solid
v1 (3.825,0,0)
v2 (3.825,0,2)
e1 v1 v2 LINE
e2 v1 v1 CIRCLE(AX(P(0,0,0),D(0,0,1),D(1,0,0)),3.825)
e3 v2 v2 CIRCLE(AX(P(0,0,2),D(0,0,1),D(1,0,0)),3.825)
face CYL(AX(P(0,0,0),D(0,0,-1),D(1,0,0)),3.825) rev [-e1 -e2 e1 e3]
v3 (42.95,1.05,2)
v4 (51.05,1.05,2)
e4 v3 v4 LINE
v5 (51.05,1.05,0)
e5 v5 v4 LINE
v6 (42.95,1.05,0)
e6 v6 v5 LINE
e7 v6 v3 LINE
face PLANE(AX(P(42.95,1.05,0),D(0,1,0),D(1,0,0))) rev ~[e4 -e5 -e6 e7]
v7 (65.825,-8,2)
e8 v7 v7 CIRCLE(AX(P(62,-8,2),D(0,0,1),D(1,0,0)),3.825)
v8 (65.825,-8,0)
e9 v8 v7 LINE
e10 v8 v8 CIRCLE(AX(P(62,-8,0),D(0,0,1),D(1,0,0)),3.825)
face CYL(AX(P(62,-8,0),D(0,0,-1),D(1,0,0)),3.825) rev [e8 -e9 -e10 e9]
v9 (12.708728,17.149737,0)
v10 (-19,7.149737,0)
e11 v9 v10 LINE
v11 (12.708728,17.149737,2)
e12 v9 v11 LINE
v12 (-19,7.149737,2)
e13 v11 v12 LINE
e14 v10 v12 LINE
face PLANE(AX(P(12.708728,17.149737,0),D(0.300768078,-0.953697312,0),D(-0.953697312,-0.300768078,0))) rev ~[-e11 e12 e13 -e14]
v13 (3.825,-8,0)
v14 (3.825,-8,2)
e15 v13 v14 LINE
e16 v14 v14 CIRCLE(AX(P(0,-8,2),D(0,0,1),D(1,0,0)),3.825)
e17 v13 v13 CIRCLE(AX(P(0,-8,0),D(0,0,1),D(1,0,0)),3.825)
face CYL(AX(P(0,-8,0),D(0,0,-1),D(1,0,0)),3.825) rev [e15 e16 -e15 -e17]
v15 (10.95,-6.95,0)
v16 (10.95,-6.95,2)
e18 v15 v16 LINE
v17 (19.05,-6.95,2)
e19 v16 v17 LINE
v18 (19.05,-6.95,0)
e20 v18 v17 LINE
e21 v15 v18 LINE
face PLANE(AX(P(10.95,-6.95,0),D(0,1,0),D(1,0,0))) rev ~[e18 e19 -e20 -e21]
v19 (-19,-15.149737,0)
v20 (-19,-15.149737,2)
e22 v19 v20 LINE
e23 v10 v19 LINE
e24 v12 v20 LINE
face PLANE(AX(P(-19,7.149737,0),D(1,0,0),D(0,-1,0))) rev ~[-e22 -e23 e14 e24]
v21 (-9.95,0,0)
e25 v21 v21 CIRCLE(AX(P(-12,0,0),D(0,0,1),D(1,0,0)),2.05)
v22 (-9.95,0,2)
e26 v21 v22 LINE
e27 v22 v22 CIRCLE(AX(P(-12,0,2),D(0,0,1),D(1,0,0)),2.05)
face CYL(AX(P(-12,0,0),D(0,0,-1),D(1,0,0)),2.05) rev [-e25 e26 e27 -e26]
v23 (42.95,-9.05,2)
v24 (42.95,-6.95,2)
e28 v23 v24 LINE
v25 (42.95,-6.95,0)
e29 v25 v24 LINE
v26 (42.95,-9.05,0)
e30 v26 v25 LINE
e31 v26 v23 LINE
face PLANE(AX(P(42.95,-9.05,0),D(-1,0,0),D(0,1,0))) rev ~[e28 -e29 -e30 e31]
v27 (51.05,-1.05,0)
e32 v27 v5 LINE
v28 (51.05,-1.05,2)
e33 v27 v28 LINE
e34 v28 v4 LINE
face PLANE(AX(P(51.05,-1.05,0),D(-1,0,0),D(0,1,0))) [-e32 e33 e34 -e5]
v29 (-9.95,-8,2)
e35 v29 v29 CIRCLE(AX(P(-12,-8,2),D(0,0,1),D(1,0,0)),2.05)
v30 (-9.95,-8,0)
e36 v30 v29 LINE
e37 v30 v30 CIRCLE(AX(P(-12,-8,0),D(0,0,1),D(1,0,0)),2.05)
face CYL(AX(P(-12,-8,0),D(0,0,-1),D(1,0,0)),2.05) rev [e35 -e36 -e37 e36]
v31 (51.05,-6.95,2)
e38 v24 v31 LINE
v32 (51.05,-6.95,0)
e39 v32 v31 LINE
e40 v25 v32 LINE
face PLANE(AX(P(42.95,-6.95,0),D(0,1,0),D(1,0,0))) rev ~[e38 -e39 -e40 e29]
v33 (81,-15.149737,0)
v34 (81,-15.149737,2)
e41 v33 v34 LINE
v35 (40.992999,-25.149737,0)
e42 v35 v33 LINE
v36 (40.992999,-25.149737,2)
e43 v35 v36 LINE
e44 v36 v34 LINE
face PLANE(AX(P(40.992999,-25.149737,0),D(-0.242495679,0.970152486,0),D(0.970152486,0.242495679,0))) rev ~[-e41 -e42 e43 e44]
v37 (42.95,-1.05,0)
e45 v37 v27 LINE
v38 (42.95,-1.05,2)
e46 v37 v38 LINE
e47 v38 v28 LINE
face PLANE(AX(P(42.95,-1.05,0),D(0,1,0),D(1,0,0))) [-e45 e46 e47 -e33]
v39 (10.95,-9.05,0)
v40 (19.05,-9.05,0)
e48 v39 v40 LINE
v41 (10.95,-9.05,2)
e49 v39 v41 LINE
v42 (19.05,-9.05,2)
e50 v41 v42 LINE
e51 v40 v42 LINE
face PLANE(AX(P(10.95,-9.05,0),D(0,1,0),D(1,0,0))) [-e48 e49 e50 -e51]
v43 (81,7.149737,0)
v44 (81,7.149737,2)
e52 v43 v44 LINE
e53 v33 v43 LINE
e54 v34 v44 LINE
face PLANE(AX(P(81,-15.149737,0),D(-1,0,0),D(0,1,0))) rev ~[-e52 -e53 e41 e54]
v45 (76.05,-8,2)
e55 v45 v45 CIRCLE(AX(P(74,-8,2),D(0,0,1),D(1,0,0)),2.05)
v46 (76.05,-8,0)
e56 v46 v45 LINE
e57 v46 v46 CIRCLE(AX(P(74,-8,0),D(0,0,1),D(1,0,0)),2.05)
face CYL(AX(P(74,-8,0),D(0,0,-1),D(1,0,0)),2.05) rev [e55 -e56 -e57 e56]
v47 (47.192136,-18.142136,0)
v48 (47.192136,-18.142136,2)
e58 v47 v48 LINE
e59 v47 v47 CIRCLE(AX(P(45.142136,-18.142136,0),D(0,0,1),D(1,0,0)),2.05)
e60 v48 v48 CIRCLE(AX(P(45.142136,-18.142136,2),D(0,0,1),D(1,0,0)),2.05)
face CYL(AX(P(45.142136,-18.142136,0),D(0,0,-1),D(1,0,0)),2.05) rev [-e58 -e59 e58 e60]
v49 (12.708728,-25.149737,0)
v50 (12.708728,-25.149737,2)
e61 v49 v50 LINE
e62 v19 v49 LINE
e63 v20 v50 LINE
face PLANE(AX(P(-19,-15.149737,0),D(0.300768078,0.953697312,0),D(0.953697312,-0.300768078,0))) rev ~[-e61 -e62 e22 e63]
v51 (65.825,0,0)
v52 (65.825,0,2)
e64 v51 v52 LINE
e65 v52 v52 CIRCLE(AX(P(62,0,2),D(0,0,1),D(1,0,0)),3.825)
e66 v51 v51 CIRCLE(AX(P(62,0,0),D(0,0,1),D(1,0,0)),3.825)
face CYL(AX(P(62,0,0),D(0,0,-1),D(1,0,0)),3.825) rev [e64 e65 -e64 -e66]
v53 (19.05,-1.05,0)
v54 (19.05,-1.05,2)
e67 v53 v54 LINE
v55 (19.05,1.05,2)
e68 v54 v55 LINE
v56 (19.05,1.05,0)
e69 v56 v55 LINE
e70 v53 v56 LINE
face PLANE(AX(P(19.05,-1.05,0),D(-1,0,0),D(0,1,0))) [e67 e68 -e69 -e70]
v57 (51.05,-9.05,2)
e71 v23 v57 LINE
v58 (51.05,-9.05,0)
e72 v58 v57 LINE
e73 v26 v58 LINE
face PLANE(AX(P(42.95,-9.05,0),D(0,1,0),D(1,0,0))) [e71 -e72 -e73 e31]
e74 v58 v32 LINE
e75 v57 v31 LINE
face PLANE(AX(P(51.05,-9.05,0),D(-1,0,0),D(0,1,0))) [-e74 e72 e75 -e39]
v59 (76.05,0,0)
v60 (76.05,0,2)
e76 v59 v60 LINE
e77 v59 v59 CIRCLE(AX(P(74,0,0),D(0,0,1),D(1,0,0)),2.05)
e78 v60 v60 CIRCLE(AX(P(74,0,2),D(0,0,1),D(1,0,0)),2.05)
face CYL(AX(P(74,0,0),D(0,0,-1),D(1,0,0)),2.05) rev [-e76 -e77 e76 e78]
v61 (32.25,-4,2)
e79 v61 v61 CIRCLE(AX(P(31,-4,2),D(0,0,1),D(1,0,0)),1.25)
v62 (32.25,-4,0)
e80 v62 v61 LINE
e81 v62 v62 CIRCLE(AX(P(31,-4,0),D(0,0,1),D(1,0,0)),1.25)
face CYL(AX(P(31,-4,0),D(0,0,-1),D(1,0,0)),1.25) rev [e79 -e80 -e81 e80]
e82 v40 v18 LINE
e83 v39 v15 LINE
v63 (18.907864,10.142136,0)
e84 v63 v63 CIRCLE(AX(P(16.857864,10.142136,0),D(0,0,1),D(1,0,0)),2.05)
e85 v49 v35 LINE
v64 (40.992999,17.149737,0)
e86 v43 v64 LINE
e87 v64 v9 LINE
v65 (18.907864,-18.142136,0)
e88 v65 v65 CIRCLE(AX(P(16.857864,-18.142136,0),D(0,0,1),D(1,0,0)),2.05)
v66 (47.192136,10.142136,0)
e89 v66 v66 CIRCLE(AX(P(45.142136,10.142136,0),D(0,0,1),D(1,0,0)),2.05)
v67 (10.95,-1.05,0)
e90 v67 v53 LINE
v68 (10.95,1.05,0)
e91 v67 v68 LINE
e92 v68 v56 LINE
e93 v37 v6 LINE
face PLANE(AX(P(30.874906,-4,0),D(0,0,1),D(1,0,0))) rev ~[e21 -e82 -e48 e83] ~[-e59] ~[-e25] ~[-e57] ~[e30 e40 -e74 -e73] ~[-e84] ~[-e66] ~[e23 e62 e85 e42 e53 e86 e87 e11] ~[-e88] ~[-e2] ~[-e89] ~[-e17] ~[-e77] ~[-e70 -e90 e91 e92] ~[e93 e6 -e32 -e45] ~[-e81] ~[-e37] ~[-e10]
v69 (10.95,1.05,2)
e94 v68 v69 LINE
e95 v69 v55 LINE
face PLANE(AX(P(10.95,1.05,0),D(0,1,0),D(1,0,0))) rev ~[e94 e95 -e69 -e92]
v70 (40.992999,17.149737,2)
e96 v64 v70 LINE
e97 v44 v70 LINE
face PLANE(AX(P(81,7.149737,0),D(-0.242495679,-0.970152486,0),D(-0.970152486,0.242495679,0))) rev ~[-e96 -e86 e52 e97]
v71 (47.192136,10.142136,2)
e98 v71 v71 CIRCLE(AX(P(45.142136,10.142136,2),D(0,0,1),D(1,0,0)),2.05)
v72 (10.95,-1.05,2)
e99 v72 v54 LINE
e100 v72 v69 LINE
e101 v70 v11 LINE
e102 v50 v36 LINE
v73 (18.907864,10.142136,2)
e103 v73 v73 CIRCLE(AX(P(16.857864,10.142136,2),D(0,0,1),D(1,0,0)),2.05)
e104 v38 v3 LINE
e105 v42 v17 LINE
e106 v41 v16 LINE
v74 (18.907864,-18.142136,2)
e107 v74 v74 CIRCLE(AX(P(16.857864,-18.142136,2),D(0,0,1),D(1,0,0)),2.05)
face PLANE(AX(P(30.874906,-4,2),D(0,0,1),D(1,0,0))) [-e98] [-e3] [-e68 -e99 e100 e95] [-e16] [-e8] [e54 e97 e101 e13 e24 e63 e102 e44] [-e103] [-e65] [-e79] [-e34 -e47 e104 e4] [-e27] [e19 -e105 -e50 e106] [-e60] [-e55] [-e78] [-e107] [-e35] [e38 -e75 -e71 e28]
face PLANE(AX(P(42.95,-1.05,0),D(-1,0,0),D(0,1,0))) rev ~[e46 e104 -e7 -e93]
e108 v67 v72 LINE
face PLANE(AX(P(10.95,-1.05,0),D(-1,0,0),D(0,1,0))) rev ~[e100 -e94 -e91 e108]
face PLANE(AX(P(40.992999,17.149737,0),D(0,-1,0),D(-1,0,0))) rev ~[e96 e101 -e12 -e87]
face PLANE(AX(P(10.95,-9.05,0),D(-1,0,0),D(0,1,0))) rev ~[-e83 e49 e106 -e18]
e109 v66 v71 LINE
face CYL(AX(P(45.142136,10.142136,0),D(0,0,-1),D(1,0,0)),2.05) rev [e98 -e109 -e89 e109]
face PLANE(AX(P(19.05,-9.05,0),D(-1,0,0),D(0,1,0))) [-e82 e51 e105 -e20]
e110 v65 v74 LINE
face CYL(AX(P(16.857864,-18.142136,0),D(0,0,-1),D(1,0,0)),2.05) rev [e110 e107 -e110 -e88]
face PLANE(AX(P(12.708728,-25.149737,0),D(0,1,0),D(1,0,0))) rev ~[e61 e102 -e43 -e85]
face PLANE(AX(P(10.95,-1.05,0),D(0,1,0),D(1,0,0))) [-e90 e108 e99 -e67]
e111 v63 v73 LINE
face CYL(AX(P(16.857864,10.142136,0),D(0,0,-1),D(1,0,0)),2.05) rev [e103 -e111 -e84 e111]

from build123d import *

# Parameters (mm, degrees)
SKETCH_1_R      = 3.825
SKETCH_1_R_2    = 2.05
SKETCH_1_R_3    = 1.25
SKETCH_1_W      = 8.1
SKETCH_1_H      = 2.1
EXTRUDE_1_DEPTH = 2


with BuildPart() as part:
    # 草图1 → 凸台-拉伸1 (new body)
    with BuildSketch(Plane.XY):
        Polygon((81, -15.149736791), (81, 7.149736791), (40.992999038, 17.149736791), (12.70872779, 17.149736791), (-19, 7.149736791), (-19, -15.149736791), (12.70872779, -25.149736791), (40.992999038, -25.149736791), align=None)
        Circle(SKETCH_1_R, mode=Mode.SUBTRACT)
        with Locations((62, 0)):
            Circle(SKETCH_1_R, mode=Mode.SUBTRACT)
        with Locations((62, -8)):
            Circle(SKETCH_1_R, mode=Mode.SUBTRACT)
        with Locations((0, -8)):
            Circle(SKETCH_1_R, mode=Mode.SUBTRACT)
        with Locations((45.142135624, 10.142135624)):
            Circle(SKETCH_1_R_2, mode=Mode.SUBTRACT)
        with Locations((45.142135624, -18.142135624)):
            Circle(SKETCH_1_R_2, mode=Mode.SUBTRACT)
        with Locations((16.857864376, -18.142135624)):
            Circle(SKETCH_1_R_2, mode=Mode.SUBTRACT)
        with Locations((16.857864376, 10.142135624)):
            Circle(SKETCH_1_R_2, mode=Mode.SUBTRACT)
        with Locations((74, 0)):
            Circle(SKETCH_1_R_2, mode=Mode.SUBTRACT)
        with Locations((74, -8)):
            Circle(SKETCH_1_R_2, mode=Mode.SUBTRACT)
        with Locations((-12, -8)):
            Circle(SKETCH_1_R_2, mode=Mode.SUBTRACT)
        with Locations((-12, 0)):
            Circle(SKETCH_1_R_2, mode=Mode.SUBTRACT)
        with Locations((31, -4)):
            Circle(SKETCH_1_R_3, mode=Mode.SUBTRACT)
        with Locations((15, 0)):
            Rectangle(SKETCH_1_W, SKETCH_1_H, mode=Mode.SUBTRACT)
        with Locations((47, 0)):
            Rectangle(SKETCH_1_W, SKETCH_1_H, mode=Mode.SUBTRACT)
        with Locations((47, -8)):
            Rectangle(SKETCH_1_W, SKETCH_1_H, mode=Mode.SUBTRACT)
        with Locations((15, -8)):
            Rectangle(SKETCH_1_W, SKETCH_1_H, mode=Mode.SUBTRACT)
    extrude(amount=EXTRUDE_1_DEPTH)


solid = part.part
